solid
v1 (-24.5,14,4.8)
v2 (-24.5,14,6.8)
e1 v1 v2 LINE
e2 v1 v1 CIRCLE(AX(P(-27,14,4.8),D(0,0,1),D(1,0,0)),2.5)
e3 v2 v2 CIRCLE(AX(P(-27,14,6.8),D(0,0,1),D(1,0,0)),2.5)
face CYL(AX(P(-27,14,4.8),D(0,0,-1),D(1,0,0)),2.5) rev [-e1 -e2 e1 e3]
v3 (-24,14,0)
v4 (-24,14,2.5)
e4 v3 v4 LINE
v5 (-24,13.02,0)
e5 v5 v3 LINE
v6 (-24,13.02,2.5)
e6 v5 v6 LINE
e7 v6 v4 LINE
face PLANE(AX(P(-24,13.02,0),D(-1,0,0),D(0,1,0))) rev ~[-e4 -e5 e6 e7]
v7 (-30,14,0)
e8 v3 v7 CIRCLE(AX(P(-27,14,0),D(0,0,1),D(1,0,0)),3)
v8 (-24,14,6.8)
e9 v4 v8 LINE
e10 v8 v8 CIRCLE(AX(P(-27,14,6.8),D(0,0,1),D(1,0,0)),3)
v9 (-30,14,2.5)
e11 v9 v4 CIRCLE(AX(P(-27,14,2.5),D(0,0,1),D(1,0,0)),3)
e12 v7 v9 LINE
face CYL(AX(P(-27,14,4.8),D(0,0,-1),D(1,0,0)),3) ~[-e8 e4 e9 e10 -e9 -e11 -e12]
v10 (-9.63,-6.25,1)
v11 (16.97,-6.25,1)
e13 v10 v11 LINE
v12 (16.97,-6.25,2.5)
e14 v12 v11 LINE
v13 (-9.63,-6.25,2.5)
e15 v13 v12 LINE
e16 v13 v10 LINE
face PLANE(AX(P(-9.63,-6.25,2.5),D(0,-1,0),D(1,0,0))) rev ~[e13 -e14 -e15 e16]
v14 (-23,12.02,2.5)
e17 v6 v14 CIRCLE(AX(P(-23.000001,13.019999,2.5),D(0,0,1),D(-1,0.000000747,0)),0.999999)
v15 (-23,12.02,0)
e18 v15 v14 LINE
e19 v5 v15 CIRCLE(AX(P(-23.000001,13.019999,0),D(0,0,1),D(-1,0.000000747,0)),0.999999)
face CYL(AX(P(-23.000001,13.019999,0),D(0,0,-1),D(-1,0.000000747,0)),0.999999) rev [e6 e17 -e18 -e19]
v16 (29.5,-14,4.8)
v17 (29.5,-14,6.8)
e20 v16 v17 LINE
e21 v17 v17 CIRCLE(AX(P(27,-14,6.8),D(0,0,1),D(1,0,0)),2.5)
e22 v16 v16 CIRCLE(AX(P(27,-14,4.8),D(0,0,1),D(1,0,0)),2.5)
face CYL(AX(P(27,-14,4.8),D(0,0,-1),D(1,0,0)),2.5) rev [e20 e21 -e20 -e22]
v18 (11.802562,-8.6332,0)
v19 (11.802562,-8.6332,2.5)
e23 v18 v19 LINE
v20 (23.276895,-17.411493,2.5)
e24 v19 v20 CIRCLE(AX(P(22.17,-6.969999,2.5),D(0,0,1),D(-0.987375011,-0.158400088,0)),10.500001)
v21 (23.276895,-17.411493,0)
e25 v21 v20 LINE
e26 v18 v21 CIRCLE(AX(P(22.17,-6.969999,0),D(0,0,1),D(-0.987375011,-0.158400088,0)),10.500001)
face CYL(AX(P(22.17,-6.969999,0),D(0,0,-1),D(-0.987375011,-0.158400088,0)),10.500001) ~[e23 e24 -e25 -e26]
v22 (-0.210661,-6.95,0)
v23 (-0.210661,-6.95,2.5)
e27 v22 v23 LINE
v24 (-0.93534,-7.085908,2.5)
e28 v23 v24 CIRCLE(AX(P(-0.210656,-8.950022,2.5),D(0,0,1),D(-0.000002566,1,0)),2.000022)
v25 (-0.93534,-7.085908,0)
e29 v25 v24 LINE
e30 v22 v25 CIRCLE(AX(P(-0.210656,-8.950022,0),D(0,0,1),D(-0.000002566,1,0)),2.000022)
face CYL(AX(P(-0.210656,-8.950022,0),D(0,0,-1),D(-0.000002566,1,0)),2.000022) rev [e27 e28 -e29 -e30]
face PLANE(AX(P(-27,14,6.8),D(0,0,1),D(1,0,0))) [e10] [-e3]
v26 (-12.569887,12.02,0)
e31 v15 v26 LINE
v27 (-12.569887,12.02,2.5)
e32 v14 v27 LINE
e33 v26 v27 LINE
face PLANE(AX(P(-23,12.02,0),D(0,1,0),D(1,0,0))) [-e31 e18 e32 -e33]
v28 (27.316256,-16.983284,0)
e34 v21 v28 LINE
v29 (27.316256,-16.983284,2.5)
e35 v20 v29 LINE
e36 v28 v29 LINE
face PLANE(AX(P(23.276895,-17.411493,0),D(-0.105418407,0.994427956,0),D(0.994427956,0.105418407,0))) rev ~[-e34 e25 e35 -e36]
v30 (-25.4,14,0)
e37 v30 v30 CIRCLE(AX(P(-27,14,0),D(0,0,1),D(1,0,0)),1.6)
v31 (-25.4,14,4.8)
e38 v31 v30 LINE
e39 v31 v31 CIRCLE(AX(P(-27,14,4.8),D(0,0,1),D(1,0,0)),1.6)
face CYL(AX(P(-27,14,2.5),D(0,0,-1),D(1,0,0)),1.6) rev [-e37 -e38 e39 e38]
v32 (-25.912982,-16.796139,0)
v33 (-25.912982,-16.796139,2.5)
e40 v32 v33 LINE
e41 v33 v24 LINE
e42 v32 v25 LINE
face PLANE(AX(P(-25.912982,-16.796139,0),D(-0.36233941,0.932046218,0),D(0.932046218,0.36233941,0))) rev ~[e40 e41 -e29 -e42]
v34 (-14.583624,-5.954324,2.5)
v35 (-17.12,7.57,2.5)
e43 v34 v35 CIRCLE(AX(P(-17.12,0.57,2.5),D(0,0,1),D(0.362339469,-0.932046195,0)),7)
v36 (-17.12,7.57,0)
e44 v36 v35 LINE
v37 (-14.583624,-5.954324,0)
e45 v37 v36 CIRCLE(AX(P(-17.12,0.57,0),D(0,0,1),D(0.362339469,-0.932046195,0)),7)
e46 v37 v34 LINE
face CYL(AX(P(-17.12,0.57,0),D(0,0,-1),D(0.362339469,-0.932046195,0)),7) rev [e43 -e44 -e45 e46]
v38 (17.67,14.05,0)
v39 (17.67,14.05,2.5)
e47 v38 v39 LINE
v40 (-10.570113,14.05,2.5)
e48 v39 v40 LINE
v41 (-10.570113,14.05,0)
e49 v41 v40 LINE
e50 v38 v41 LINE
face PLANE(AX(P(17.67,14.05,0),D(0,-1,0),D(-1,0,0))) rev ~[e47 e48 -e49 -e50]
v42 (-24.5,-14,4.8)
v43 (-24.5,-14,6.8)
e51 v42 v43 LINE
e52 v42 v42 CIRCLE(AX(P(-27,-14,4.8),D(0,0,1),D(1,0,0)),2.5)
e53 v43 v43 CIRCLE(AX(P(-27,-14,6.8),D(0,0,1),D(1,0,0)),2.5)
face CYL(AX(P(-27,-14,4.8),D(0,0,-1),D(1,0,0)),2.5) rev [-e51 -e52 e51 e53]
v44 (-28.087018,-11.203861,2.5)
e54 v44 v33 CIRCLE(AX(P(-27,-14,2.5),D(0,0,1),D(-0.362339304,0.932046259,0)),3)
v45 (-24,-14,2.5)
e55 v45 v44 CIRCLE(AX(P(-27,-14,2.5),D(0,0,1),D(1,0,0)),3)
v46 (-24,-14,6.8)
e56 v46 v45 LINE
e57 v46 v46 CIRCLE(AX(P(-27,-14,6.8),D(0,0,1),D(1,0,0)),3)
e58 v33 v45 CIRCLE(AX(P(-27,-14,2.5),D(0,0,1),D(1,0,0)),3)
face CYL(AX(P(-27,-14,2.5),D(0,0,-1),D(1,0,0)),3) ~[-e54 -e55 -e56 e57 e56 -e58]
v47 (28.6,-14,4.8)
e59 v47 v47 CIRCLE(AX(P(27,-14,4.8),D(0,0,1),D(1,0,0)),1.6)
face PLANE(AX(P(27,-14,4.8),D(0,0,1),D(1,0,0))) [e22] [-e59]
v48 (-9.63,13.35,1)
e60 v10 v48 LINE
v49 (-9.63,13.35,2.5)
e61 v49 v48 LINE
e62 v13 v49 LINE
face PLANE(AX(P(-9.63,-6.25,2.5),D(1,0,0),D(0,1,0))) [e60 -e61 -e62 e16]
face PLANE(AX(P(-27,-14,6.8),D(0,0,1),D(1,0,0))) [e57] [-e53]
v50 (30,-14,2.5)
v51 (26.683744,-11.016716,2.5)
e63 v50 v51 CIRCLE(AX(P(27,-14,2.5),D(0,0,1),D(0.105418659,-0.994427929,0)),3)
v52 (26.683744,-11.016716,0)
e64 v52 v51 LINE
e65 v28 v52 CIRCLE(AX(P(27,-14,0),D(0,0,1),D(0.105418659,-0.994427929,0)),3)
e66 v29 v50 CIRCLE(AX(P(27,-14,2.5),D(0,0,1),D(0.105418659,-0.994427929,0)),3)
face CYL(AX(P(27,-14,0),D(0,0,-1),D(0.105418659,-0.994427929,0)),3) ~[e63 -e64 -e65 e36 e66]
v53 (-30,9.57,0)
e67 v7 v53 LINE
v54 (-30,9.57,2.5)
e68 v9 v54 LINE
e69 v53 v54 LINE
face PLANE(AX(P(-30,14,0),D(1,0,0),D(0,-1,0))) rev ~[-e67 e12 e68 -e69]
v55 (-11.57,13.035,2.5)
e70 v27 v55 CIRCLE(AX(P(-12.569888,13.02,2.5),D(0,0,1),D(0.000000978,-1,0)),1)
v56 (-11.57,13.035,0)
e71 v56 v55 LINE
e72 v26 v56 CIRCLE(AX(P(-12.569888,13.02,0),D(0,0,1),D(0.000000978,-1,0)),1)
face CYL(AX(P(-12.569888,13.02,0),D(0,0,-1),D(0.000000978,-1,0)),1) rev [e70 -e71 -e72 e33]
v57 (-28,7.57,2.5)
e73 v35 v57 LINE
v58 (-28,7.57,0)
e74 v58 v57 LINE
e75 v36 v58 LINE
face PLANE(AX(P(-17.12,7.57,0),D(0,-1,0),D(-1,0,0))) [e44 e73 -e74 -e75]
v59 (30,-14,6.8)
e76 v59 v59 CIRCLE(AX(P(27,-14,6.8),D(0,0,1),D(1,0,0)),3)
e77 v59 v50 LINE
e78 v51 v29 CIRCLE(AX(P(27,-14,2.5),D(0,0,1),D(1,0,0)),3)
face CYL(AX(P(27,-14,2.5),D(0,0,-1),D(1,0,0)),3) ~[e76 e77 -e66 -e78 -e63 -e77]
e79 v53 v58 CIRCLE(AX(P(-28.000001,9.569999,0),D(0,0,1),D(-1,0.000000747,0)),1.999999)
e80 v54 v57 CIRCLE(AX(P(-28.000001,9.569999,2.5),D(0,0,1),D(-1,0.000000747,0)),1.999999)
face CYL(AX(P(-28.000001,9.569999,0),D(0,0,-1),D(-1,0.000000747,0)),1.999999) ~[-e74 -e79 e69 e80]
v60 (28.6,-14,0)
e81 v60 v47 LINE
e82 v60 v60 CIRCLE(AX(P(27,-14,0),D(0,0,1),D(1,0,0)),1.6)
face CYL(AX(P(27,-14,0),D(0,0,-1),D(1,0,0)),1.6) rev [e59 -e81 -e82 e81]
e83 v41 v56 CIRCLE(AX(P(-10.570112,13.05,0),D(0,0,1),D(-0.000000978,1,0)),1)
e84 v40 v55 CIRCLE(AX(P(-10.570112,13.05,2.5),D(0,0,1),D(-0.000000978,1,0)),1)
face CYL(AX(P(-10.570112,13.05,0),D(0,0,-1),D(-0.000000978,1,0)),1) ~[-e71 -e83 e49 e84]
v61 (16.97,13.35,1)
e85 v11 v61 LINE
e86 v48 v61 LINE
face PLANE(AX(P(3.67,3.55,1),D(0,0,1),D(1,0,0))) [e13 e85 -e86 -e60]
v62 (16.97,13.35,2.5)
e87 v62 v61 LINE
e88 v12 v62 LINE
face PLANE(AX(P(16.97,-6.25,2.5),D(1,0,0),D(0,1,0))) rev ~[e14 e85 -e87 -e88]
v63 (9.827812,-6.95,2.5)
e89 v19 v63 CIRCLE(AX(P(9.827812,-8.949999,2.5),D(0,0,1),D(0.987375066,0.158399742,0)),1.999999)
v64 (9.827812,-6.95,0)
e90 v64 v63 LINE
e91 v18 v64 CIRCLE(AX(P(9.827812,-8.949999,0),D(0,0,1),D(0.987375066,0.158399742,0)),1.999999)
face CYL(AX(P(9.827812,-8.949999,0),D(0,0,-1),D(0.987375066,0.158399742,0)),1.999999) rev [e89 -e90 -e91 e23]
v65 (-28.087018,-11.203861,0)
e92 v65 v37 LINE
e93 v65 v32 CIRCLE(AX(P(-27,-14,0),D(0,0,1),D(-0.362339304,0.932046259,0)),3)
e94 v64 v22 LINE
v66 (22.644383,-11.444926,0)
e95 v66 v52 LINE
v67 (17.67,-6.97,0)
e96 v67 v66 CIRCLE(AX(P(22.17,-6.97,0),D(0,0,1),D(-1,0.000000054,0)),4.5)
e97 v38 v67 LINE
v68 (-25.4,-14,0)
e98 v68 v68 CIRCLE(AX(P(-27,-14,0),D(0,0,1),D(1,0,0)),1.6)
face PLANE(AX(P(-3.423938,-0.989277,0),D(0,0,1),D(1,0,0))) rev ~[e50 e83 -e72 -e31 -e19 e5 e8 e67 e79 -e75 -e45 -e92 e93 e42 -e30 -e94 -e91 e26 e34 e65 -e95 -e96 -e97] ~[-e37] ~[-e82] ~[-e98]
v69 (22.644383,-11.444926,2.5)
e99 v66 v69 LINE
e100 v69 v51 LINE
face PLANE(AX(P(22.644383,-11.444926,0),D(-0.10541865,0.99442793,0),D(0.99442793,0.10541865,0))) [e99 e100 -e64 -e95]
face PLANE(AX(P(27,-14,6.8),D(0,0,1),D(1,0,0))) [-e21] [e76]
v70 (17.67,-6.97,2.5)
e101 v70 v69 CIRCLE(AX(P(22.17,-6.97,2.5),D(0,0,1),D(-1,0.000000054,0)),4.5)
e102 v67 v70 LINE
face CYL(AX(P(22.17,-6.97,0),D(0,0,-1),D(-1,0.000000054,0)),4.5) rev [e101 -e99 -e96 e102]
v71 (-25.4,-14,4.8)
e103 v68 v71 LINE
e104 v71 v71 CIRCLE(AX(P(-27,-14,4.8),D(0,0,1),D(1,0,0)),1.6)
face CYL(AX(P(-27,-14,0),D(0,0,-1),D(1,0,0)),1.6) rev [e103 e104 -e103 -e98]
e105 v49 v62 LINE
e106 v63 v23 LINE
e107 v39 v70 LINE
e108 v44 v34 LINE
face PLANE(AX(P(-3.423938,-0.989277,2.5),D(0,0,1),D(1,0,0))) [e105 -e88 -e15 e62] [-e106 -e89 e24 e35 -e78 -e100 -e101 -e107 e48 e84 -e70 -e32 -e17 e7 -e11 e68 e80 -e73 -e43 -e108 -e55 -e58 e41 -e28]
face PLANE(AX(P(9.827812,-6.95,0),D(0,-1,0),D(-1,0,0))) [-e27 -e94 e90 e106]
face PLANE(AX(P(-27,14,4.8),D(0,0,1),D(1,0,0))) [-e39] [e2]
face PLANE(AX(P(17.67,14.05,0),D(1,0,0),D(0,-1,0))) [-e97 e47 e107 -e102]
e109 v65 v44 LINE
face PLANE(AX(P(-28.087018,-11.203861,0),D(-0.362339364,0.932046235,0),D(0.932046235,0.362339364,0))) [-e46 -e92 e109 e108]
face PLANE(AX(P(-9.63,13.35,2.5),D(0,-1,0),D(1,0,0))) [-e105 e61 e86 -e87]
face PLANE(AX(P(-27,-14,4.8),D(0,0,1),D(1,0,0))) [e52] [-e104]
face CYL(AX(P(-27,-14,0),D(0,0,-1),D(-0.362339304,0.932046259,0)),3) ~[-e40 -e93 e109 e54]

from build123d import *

# Parameters (mm, degrees)
SKETCH003_R   = 1.6
PAD_DEPTH     = 2.5
SKETCH_R      = 3
SKETCH_R_2    = 1.6
PAD001_DEPTH  = 2.3
SKETCH004_R   = 3
SKETCH004_R_2 = 2.5
PAD002_DEPTH  = 2
SKETCH005_W   = 26.6
SKETCH005_H   = 19.6
POCKET_DEPTH  = 1.5


with BuildPart() as part:
    # Sketch003 → Pad (new body)
    with BuildSketch(Plane.XY):
        with BuildLine():
            ThreePointArc((-28.087018, -11.203861), (-29.796139, -15.087018), (-25.912982, -16.796139))
            Line((-25.912982, -16.796139), (-0.93534, -7.085908))
            ThreePointArc((-0.210661, -6.95), (-0.579317, -6.984271), (-0.93534, -7.085908))
            Line((9.827812, -6.95), (-0.210661, -6.95))
            ThreePointArc((11.802562, -8.6332), (11.125194, -7.427896), (9.827812, -6.95))
            ThreePointArc((11.802562, -8.6332), (15.79003, -15.309423), (23.276895, -17.411493))
            Line((23.276895, -17.411493), (27.316256, -16.983284))
            ThreePointArc((27.316256, -16.983284), (29.983284, -13.683744), (26.683744, -11.016716))
            Line((22.644383, -11.444926), (26.683744, -11.016716))
            ThreePointArc((17.67, -6.97), (19.160409, -10.315499), (22.644383, -11.444926))
            Line((17.67, 14.05), (17.67, -6.97))
            Line((17.67, 14.05), (-10.570113, 14.05))
            ThreePointArc((-10.570113, 14.05), (-11.282503, 13.751783), (-11.57, 13.035))
            ThreePointArc((-12.569887, 12.02), (-11.857497, 12.318217), (-11.57, 13.035))
            Line((-23, 12.02), (-12.569887, 12.02))
            ThreePointArc((-24, 13.02), (-23.707107, 12.312893), (-23, 12.02))
            Line((-24, 13.02), (-24, 14))
            ThreePointArc((-24, 14), (-27, 17), (-30, 14))
            Line((-30, 14), (-30, 9.57))
            ThreePointArc((-30, 9.57), (-29.414214, 8.155786), (-28, 7.57))
            Line((-17.12, 7.57), (-28, 7.57))
            ThreePointArc((-14.583624, -5.954324), (-10.239947, 1.860298), (-17.12, 7.57))
            Line((-28.087018, -11.203861), (-14.583624, -5.954324))
        make_face()
        with Locations((-27, 14)):
            Circle(SKETCH003_R, mode=Mode.SUBTRACT)
        with Locations((27, -14)):
            Circle(SKETCH003_R, mode=Mode.SUBTRACT)
        with Locations((-27, -14)):
            Circle(SKETCH003_R, mode=Mode.SUBTRACT)
    extrude(amount=PAD_DEPTH)

    # Sketch → Pad001 (new body)
    with BuildSketch(Plane.XY.offset(2.5)):
        with Locations((-27, 14)):
            Circle(SKETCH_R)
        with Locations((-27, 14)):
            Circle(SKETCH_R_2, mode=Mode.SUBTRACT)
        with Locations((27, -14)):
            Circle(SKETCH_R)
        with Locations((27, -14)):
            Circle(SKETCH_R_2, mode=Mode.SUBTRACT)
        with Locations((-27, -14)):
            Circle(SKETCH_R)
        with Locations((-27, -14)):
            Circle(SKETCH_R_2, mode=Mode.SUBTRACT)
    extrude(amount=PAD001_DEPTH)

    # Sketch004 → Pad002 (new body)
    with BuildSketch(Plane.XY.offset(4.8)):
        with Locations((-27, 14)):
            Circle(SKETCH004_R)
        with Locations((-27, 14)):
            Circle(SKETCH004_R_2, mode=Mode.SUBTRACT)
        with Locations((-27, -14)):
            Circle(SKETCH004_R)
        with Locations((-27, -14)):
            Circle(SKETCH004_R_2, mode=Mode.SUBTRACT)
        with Locations((27, -14)):
            Circle(SKETCH004_R)
        with Locations((27, -14)):
            Circle(SKETCH004_R_2, mode=Mode.SUBTRACT)
    extrude(amount=PAD002_DEPTH)

    # Sketch005 → Pocket (cut)
    with BuildSketch(Plane.XY.offset(2.5)):
        with Locations((3.67, 3.55)):
            Rectangle(SKETCH005_W, SKETCH005_H)
    extrude(amount=-POCKET_DEPTH, mode=Mode.SUBTRACT)


solid = part.part
